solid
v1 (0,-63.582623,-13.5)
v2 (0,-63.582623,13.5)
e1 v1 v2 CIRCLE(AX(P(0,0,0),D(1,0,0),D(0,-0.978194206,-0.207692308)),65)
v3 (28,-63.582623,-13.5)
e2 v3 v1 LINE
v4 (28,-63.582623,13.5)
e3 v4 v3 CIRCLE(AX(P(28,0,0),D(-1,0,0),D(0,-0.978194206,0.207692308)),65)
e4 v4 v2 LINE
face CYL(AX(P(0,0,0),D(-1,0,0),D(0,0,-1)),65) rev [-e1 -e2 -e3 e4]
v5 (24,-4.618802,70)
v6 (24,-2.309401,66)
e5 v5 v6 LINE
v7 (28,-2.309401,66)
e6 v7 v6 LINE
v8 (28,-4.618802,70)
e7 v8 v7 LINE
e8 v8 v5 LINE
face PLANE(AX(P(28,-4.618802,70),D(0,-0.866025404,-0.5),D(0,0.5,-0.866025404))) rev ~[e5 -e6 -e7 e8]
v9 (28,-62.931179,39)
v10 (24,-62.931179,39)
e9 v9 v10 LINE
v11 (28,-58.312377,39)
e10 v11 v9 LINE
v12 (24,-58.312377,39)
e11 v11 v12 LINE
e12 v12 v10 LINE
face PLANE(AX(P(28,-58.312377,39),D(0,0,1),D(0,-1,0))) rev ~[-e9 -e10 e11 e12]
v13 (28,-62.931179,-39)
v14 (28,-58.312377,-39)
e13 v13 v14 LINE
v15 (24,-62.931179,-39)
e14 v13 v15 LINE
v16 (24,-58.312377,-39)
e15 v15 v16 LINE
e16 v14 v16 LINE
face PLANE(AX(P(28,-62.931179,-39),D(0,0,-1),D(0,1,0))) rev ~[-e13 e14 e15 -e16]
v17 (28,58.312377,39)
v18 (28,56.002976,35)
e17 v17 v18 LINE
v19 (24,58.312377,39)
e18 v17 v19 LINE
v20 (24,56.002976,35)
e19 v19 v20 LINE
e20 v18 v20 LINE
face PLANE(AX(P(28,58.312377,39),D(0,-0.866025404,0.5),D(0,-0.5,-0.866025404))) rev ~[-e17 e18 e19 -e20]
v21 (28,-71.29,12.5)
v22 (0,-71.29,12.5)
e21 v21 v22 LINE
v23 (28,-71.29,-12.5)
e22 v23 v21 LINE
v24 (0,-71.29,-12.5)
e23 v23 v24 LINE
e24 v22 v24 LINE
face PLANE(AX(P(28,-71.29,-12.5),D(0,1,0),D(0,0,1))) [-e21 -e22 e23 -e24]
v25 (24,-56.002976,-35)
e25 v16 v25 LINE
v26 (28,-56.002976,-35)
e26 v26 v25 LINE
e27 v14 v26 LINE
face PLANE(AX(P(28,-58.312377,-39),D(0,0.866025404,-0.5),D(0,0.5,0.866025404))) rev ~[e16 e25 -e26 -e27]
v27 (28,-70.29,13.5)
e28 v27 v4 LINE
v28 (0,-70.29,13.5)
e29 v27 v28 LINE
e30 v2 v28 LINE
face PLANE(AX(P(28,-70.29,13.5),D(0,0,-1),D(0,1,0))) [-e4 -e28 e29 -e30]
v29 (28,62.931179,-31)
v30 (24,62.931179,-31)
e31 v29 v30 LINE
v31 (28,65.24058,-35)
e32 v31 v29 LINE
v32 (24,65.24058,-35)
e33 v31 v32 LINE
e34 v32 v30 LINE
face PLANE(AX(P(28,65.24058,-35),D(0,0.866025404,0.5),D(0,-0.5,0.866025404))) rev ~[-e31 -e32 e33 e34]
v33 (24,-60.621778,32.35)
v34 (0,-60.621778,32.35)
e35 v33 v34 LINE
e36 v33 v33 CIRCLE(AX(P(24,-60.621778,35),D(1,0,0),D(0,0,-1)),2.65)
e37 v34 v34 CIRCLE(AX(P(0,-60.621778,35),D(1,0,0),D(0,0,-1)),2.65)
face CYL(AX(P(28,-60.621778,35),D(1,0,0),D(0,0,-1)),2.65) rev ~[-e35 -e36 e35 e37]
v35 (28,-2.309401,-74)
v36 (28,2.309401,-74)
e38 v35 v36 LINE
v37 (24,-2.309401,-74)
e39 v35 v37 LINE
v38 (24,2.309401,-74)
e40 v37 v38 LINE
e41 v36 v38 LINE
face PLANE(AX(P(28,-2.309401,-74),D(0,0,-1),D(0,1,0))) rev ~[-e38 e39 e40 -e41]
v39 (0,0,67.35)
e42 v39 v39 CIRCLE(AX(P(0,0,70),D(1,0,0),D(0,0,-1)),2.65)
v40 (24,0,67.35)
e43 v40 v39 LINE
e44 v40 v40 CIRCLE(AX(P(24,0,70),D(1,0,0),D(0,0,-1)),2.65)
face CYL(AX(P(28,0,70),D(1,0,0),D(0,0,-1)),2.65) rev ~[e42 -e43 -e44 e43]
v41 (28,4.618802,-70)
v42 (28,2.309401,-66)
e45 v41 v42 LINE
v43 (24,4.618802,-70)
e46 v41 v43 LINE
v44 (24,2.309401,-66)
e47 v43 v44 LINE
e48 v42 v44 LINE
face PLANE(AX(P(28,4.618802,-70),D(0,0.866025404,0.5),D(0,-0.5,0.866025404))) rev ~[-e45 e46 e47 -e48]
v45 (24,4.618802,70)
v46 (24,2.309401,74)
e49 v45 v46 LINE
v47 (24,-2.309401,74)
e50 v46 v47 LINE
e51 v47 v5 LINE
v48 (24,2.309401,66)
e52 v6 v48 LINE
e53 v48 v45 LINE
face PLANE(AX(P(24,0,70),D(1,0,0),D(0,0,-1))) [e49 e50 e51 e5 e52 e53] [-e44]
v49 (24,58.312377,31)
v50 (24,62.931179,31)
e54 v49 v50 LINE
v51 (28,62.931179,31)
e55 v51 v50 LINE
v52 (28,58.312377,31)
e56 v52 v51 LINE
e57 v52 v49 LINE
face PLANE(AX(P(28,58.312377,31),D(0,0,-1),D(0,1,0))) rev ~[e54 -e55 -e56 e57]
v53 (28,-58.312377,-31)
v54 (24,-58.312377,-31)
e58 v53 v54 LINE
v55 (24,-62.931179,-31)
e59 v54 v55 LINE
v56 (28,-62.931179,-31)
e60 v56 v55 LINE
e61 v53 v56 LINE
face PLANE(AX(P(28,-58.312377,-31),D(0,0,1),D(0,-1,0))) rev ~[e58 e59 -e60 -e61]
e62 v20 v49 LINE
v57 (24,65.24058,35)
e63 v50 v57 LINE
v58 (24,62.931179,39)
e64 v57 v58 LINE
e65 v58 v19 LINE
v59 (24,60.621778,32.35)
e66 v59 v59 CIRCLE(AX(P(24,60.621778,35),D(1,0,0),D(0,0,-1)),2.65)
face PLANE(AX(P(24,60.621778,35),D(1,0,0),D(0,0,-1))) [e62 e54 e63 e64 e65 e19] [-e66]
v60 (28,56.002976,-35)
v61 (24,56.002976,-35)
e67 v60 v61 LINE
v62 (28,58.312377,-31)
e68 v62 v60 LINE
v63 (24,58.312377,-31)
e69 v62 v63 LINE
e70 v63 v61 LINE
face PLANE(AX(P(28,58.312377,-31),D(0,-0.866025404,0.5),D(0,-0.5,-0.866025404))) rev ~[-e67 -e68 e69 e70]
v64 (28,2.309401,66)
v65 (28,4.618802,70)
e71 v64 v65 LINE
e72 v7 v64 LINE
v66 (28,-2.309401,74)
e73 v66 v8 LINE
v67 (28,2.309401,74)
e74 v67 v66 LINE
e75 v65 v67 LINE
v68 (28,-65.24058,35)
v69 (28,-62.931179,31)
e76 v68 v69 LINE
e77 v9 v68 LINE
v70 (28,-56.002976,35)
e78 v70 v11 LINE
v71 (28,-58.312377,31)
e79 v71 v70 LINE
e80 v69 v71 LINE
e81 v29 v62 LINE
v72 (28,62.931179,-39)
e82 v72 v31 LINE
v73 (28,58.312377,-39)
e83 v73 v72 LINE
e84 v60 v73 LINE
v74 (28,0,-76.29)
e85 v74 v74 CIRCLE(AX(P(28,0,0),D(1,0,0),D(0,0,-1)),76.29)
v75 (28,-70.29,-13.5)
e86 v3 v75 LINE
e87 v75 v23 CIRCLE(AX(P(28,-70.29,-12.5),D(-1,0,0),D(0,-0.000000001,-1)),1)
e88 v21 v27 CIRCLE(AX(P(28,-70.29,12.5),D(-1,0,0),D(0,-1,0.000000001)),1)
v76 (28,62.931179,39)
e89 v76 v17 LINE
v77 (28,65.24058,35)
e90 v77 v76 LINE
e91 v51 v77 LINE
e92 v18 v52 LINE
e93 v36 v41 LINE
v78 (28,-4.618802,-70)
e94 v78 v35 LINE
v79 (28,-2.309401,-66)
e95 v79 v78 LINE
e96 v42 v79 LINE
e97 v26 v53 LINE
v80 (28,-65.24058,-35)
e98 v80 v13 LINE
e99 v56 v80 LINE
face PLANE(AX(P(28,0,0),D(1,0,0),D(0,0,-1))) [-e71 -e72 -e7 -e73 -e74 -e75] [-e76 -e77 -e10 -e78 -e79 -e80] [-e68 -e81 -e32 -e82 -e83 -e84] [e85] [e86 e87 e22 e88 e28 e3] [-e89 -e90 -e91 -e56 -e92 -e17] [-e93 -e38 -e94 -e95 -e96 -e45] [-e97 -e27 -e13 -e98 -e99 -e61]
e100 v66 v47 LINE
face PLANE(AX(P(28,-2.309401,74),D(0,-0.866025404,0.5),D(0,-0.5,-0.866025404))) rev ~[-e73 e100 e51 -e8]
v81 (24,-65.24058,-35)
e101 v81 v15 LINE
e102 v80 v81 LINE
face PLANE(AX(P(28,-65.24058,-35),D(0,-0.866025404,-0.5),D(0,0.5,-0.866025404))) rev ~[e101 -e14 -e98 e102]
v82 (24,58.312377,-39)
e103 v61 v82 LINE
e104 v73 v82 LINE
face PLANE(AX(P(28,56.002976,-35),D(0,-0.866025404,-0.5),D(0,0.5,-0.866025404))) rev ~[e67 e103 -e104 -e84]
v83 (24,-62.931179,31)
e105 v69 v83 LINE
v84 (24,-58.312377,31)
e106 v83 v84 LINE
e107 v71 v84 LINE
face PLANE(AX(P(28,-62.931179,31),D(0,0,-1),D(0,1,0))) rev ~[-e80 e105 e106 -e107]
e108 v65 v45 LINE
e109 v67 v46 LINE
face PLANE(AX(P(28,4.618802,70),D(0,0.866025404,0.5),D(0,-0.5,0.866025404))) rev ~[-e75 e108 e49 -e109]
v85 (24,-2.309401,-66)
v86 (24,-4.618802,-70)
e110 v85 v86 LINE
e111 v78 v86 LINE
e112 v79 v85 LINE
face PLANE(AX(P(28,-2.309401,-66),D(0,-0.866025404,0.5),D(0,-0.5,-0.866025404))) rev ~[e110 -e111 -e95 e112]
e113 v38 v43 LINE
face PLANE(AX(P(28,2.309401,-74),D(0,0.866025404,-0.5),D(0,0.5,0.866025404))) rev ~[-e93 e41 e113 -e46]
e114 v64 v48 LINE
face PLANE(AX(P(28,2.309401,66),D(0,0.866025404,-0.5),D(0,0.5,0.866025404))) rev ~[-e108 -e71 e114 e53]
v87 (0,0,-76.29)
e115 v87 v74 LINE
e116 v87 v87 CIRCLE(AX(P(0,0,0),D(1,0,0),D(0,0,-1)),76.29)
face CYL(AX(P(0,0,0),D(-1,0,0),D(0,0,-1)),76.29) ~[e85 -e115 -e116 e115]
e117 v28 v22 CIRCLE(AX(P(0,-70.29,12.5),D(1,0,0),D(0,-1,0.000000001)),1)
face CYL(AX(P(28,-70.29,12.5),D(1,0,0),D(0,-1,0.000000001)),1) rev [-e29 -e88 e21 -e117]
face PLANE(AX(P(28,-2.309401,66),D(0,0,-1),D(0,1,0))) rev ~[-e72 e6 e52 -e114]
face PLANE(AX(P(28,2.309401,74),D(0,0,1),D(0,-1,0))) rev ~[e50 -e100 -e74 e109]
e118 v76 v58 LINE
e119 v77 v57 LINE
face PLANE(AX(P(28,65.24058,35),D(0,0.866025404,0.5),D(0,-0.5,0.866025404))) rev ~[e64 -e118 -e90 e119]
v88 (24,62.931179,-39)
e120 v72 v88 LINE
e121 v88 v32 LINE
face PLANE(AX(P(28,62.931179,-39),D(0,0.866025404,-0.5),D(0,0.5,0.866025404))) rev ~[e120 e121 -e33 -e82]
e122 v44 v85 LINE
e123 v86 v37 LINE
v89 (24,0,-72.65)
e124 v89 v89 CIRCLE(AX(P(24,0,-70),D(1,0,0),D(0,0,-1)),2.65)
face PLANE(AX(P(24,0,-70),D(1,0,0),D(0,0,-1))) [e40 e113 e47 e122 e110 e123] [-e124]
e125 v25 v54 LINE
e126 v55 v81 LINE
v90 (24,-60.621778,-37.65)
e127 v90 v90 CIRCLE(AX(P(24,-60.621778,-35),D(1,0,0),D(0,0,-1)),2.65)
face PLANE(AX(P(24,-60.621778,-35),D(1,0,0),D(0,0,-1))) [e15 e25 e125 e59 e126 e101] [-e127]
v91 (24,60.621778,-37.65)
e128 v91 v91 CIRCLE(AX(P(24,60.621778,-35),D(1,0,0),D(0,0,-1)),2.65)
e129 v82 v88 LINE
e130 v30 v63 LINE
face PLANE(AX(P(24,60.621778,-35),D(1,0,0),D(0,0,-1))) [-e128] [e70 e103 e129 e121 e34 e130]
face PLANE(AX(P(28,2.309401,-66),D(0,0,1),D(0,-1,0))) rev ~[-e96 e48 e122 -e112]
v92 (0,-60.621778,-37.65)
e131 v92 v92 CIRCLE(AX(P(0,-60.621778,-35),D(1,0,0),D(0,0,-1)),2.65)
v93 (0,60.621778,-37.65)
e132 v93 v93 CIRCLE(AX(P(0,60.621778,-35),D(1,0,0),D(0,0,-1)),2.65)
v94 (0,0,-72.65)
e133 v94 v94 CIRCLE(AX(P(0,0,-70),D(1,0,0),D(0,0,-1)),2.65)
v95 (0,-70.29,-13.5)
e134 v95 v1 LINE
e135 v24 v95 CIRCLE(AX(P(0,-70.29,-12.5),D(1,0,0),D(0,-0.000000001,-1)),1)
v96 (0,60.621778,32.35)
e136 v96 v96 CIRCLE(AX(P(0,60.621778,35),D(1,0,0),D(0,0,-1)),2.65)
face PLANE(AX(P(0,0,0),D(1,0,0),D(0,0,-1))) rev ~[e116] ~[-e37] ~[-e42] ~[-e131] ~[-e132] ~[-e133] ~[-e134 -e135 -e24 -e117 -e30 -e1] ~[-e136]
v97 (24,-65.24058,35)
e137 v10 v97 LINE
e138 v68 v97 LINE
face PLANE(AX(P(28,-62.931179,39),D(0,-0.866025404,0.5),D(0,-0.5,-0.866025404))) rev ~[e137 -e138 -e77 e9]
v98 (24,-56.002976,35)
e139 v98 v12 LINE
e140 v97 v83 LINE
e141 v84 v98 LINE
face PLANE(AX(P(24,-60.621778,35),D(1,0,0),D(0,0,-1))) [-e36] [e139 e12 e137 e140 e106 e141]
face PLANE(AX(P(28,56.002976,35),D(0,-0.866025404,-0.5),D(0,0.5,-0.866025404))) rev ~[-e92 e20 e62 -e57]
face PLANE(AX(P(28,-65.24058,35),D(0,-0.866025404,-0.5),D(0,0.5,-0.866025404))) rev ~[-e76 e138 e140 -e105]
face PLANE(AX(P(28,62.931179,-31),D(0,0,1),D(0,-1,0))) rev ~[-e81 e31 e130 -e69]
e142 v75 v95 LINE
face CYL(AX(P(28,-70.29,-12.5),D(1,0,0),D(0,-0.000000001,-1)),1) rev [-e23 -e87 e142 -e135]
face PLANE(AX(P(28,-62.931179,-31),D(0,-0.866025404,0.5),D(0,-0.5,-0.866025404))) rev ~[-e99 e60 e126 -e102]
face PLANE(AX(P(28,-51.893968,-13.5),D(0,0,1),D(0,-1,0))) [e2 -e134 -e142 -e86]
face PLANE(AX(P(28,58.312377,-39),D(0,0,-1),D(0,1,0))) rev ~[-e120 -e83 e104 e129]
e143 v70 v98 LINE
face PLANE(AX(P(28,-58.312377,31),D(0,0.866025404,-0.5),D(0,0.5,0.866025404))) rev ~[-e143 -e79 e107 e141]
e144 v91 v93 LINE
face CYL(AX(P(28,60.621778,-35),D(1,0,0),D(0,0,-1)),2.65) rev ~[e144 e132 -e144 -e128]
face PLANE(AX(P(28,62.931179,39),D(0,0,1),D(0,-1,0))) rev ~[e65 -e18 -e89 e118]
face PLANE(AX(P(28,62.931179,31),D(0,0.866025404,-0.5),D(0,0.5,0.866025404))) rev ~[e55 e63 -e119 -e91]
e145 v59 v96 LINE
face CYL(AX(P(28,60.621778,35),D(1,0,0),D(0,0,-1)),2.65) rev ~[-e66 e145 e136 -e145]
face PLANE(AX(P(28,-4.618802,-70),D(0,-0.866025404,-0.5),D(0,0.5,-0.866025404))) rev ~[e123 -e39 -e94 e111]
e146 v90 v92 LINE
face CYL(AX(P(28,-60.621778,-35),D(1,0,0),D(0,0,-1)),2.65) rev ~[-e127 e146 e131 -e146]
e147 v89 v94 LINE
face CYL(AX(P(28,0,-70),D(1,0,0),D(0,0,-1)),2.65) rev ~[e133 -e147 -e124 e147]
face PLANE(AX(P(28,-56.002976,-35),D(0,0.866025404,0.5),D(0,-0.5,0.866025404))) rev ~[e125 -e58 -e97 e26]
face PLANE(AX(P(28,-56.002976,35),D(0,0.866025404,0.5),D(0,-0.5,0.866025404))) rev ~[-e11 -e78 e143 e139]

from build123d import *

# Parameters (mm, degrees)
SKETCH1_R           = 76.29
SKETCH1_R_2         = 65
BOSS_EXTRUDE1_DEPTH = 28
CUT_EXTRUDE1_REACH  = 113.464
CUT_EXTRUDE2_REACH  = 113.464
SKETCH3_R           = 2.65
CUT_EXTRUDE3_DEPTH  = 4


with BuildPart() as part:
    # Sketch1 → Boss-Extrude1 (new body)
    with BuildSketch(Plane(origin=(0, 0, 0), x_dir=(0, 0, -1), z_dir=(1, 0, 0))):
        Circle(SKETCH1_R)
        Circle(SKETCH1_R_2, mode=Mode.SUBTRACT)
    extrude(amount=BOSS_EXTRUDE1_DEPTH)

    # Sketch2 → Cut-Extrude1 (cut, up to next)
    with BuildSketch(Plane(origin=(28, 0, 0), x_dir=(0, 0, -1), z_dir=(1, 0, 0)), mode=Mode.PRIVATE) as cut_extrude1_sk1:
        with BuildLine():
            Line((-13.5, -51.893967527), (13.5, -51.893967527))
            Line((13.5, -51.893967527), (13.5, -70.29))
            ThreePointArc((13.5, -70.29), (13.207106781, -70.997106781), (12.5, -71.29))
            Line((12.5, -71.29), (-12.5, -71.29))
            ThreePointArc((-12.5, -71.29), (-13.207106781, -70.997106781), (-13.5, -70.29))
            Line((-13.5, -70.29), (-13.5, -51.893967527))
        make_face()
    cut_extrude1_tool1 = extrude(cut_extrude1_sk1.sketch, amount=-CUT_EXTRUDE1_REACH, mode=Mode.PRIVATE) & part.part
    add(cut_extrude1_tool1.solids().sort_by_distance((28, -61.584212, 0))[0], mode=Mode.SUBTRACT)

    # Sketch3 → Cut-Extrude2 (cut, up to next)
    with BuildSketch(Plane(origin=(28, 0, 0), x_dir=(0, 0, -1), z_dir=(1, 0, 0)), mode=Mode.PRIVATE) as cut_extrude2_sk1:
        with Locations((-70, 0)):
            Circle(SKETCH3_R)
    cut_extrude2_tool1 = extrude(cut_extrude2_sk1.sketch, amount=-CUT_EXTRUDE2_REACH, mode=Mode.PRIVATE) & part.part
    # Sketch3 → Cut-Extrude2 (cut, up to next)
    with BuildSketch(Plane(origin=(28, 0, 0), x_dir=(0, 0, -1), z_dir=(1, 0, 0)), mode=Mode.PRIVATE) as cut_extrude2_sk2:
        with Locations((-35, 60.621778265)):
            Circle(SKETCH3_R)
    cut_extrude2_tool2 = extrude(cut_extrude2_sk2.sketch, amount=-CUT_EXTRUDE2_REACH, mode=Mode.PRIVATE) & part.part
    # Sketch3 → Cut-Extrude2 (cut, up to next)
    with BuildSketch(Plane(origin=(28, 0, 0), x_dir=(0, 0, -1), z_dir=(1, 0, 0)), mode=Mode.PRIVATE) as cut_extrude2_sk3:
        with Locations((35, 60.621778265)):
            Circle(SKETCH3_R)
    cut_extrude2_tool3 = extrude(cut_extrude2_sk3.sketch, amount=-CUT_EXTRUDE2_REACH, mode=Mode.PRIVATE) & part.part
    # Sketch3 → Cut-Extrude2 (cut, up to next)
    with BuildSketch(Plane(origin=(28, 0, 0), x_dir=(0, 0, -1), z_dir=(1, 0, 0)), mode=Mode.PRIVATE) as cut_extrude2_sk4:
        with Locations((70, 0)):
            Circle(SKETCH3_R)
    cut_extrude2_tool4 = extrude(cut_extrude2_sk4.sketch, amount=-CUT_EXTRUDE2_REACH, mode=Mode.PRIVATE) & part.part
    # Sketch3 → Cut-Extrude2 (cut, up to next)
    with BuildSketch(Plane(origin=(28, 0, 0), x_dir=(0, 0, -1), z_dir=(1, 0, 0)), mode=Mode.PRIVATE) as cut_extrude2_sk5:
        with Locations((35, -60.621778265)):
            Circle(SKETCH3_R)
    cut_extrude2_tool5 = extrude(cut_extrude2_sk5.sketch, amount=-CUT_EXTRUDE2_REACH, mode=Mode.PRIVATE) & part.part
    # Sketch3 → Cut-Extrude2 (cut, up to next)
    with BuildSketch(Plane(origin=(28, 0, 0), x_dir=(0, 0, -1), z_dir=(1, 0, 0)), mode=Mode.PRIVATE) as cut_extrude2_sk6:
        with Locations((-35, -60.621778265)):
            Circle(SKETCH3_R)
    cut_extrude2_tool6 = extrude(cut_extrude2_sk6.sketch, amount=-CUT_EXTRUDE2_REACH, mode=Mode.PRIVATE) & part.part
    add(cut_extrude2_tool1.solids().sort_by_distance((28, 0, 70))[0], mode=Mode.SUBTRACT)
    add(cut_extrude2_tool2.solids().sort_by_distance((28, 60.621778, 35))[0], mode=Mode.SUBTRACT)
    add(cut_extrude2_tool3.solids().sort_by_distance((28, 60.621778, -35))[0], mode=Mode.SUBTRACT)
    add(cut_extrude2_tool4.solids().sort_by_distance((28, 0, -70))[0], mode=Mode.SUBTRACT)
    add(cut_extrude2_tool5.solids().sort_by_distance((28, -60.621778, -35))[0], mode=Mode.SUBTRACT)
    add(cut_extrude2_tool6.solids().sort_by_distance((28, -60.621778, 35))[0], mode=Mode.SUBTRACT)

    # Sketch4 → Cut-Extrude3 (cut)
    with BuildSketch(Plane(origin=(28, 0, 0), x_dir=(0, 0, -1), z_dir=(1, 0, 0))):
        Polygon((-39, 58.312377188), (-35, 56.002976111), (-31, 58.312377188), (-31, 62.931179342), (-35, 65.240580418), (-39, 62.931179342), align=None)
        Polygon((-70, -4.618802154), (-66, -2.309401077), (-66, 2.309401077), (-70, 4.618802154), (-74, 2.309401077), (-74, -2.309401077), align=None)
        Polygon((31, 62.931179342), (31, 58.312377188), (35, 56.002976111), (39, 58.312377188), (39, 62.931179342), (35, 65.240580418), align=None)
        Polygon((70, 4.618802154), (66, 2.309401077), (66, -2.309401077), (70, -4.618802154), (74, -2.309401077), (74, 2.309401077), align=None)
        Polygon((39, -58.312377188), (35, -56.002976111), (31, -58.312377188), (31, -62.931179342), (35, -65.240580418), (39, -62.931179342), align=None)
        Polygon((-31, -62.931179342), (-31, -58.312377188), (-35, -56.002976111), (-39, -58.312377188), (-39, -62.931179342), (-35, -65.240580418), align=None)
    extrude(amount=-CUT_EXTRUDE3_DEPTH, mode=Mode.SUBTRACT)


solid = part.part
